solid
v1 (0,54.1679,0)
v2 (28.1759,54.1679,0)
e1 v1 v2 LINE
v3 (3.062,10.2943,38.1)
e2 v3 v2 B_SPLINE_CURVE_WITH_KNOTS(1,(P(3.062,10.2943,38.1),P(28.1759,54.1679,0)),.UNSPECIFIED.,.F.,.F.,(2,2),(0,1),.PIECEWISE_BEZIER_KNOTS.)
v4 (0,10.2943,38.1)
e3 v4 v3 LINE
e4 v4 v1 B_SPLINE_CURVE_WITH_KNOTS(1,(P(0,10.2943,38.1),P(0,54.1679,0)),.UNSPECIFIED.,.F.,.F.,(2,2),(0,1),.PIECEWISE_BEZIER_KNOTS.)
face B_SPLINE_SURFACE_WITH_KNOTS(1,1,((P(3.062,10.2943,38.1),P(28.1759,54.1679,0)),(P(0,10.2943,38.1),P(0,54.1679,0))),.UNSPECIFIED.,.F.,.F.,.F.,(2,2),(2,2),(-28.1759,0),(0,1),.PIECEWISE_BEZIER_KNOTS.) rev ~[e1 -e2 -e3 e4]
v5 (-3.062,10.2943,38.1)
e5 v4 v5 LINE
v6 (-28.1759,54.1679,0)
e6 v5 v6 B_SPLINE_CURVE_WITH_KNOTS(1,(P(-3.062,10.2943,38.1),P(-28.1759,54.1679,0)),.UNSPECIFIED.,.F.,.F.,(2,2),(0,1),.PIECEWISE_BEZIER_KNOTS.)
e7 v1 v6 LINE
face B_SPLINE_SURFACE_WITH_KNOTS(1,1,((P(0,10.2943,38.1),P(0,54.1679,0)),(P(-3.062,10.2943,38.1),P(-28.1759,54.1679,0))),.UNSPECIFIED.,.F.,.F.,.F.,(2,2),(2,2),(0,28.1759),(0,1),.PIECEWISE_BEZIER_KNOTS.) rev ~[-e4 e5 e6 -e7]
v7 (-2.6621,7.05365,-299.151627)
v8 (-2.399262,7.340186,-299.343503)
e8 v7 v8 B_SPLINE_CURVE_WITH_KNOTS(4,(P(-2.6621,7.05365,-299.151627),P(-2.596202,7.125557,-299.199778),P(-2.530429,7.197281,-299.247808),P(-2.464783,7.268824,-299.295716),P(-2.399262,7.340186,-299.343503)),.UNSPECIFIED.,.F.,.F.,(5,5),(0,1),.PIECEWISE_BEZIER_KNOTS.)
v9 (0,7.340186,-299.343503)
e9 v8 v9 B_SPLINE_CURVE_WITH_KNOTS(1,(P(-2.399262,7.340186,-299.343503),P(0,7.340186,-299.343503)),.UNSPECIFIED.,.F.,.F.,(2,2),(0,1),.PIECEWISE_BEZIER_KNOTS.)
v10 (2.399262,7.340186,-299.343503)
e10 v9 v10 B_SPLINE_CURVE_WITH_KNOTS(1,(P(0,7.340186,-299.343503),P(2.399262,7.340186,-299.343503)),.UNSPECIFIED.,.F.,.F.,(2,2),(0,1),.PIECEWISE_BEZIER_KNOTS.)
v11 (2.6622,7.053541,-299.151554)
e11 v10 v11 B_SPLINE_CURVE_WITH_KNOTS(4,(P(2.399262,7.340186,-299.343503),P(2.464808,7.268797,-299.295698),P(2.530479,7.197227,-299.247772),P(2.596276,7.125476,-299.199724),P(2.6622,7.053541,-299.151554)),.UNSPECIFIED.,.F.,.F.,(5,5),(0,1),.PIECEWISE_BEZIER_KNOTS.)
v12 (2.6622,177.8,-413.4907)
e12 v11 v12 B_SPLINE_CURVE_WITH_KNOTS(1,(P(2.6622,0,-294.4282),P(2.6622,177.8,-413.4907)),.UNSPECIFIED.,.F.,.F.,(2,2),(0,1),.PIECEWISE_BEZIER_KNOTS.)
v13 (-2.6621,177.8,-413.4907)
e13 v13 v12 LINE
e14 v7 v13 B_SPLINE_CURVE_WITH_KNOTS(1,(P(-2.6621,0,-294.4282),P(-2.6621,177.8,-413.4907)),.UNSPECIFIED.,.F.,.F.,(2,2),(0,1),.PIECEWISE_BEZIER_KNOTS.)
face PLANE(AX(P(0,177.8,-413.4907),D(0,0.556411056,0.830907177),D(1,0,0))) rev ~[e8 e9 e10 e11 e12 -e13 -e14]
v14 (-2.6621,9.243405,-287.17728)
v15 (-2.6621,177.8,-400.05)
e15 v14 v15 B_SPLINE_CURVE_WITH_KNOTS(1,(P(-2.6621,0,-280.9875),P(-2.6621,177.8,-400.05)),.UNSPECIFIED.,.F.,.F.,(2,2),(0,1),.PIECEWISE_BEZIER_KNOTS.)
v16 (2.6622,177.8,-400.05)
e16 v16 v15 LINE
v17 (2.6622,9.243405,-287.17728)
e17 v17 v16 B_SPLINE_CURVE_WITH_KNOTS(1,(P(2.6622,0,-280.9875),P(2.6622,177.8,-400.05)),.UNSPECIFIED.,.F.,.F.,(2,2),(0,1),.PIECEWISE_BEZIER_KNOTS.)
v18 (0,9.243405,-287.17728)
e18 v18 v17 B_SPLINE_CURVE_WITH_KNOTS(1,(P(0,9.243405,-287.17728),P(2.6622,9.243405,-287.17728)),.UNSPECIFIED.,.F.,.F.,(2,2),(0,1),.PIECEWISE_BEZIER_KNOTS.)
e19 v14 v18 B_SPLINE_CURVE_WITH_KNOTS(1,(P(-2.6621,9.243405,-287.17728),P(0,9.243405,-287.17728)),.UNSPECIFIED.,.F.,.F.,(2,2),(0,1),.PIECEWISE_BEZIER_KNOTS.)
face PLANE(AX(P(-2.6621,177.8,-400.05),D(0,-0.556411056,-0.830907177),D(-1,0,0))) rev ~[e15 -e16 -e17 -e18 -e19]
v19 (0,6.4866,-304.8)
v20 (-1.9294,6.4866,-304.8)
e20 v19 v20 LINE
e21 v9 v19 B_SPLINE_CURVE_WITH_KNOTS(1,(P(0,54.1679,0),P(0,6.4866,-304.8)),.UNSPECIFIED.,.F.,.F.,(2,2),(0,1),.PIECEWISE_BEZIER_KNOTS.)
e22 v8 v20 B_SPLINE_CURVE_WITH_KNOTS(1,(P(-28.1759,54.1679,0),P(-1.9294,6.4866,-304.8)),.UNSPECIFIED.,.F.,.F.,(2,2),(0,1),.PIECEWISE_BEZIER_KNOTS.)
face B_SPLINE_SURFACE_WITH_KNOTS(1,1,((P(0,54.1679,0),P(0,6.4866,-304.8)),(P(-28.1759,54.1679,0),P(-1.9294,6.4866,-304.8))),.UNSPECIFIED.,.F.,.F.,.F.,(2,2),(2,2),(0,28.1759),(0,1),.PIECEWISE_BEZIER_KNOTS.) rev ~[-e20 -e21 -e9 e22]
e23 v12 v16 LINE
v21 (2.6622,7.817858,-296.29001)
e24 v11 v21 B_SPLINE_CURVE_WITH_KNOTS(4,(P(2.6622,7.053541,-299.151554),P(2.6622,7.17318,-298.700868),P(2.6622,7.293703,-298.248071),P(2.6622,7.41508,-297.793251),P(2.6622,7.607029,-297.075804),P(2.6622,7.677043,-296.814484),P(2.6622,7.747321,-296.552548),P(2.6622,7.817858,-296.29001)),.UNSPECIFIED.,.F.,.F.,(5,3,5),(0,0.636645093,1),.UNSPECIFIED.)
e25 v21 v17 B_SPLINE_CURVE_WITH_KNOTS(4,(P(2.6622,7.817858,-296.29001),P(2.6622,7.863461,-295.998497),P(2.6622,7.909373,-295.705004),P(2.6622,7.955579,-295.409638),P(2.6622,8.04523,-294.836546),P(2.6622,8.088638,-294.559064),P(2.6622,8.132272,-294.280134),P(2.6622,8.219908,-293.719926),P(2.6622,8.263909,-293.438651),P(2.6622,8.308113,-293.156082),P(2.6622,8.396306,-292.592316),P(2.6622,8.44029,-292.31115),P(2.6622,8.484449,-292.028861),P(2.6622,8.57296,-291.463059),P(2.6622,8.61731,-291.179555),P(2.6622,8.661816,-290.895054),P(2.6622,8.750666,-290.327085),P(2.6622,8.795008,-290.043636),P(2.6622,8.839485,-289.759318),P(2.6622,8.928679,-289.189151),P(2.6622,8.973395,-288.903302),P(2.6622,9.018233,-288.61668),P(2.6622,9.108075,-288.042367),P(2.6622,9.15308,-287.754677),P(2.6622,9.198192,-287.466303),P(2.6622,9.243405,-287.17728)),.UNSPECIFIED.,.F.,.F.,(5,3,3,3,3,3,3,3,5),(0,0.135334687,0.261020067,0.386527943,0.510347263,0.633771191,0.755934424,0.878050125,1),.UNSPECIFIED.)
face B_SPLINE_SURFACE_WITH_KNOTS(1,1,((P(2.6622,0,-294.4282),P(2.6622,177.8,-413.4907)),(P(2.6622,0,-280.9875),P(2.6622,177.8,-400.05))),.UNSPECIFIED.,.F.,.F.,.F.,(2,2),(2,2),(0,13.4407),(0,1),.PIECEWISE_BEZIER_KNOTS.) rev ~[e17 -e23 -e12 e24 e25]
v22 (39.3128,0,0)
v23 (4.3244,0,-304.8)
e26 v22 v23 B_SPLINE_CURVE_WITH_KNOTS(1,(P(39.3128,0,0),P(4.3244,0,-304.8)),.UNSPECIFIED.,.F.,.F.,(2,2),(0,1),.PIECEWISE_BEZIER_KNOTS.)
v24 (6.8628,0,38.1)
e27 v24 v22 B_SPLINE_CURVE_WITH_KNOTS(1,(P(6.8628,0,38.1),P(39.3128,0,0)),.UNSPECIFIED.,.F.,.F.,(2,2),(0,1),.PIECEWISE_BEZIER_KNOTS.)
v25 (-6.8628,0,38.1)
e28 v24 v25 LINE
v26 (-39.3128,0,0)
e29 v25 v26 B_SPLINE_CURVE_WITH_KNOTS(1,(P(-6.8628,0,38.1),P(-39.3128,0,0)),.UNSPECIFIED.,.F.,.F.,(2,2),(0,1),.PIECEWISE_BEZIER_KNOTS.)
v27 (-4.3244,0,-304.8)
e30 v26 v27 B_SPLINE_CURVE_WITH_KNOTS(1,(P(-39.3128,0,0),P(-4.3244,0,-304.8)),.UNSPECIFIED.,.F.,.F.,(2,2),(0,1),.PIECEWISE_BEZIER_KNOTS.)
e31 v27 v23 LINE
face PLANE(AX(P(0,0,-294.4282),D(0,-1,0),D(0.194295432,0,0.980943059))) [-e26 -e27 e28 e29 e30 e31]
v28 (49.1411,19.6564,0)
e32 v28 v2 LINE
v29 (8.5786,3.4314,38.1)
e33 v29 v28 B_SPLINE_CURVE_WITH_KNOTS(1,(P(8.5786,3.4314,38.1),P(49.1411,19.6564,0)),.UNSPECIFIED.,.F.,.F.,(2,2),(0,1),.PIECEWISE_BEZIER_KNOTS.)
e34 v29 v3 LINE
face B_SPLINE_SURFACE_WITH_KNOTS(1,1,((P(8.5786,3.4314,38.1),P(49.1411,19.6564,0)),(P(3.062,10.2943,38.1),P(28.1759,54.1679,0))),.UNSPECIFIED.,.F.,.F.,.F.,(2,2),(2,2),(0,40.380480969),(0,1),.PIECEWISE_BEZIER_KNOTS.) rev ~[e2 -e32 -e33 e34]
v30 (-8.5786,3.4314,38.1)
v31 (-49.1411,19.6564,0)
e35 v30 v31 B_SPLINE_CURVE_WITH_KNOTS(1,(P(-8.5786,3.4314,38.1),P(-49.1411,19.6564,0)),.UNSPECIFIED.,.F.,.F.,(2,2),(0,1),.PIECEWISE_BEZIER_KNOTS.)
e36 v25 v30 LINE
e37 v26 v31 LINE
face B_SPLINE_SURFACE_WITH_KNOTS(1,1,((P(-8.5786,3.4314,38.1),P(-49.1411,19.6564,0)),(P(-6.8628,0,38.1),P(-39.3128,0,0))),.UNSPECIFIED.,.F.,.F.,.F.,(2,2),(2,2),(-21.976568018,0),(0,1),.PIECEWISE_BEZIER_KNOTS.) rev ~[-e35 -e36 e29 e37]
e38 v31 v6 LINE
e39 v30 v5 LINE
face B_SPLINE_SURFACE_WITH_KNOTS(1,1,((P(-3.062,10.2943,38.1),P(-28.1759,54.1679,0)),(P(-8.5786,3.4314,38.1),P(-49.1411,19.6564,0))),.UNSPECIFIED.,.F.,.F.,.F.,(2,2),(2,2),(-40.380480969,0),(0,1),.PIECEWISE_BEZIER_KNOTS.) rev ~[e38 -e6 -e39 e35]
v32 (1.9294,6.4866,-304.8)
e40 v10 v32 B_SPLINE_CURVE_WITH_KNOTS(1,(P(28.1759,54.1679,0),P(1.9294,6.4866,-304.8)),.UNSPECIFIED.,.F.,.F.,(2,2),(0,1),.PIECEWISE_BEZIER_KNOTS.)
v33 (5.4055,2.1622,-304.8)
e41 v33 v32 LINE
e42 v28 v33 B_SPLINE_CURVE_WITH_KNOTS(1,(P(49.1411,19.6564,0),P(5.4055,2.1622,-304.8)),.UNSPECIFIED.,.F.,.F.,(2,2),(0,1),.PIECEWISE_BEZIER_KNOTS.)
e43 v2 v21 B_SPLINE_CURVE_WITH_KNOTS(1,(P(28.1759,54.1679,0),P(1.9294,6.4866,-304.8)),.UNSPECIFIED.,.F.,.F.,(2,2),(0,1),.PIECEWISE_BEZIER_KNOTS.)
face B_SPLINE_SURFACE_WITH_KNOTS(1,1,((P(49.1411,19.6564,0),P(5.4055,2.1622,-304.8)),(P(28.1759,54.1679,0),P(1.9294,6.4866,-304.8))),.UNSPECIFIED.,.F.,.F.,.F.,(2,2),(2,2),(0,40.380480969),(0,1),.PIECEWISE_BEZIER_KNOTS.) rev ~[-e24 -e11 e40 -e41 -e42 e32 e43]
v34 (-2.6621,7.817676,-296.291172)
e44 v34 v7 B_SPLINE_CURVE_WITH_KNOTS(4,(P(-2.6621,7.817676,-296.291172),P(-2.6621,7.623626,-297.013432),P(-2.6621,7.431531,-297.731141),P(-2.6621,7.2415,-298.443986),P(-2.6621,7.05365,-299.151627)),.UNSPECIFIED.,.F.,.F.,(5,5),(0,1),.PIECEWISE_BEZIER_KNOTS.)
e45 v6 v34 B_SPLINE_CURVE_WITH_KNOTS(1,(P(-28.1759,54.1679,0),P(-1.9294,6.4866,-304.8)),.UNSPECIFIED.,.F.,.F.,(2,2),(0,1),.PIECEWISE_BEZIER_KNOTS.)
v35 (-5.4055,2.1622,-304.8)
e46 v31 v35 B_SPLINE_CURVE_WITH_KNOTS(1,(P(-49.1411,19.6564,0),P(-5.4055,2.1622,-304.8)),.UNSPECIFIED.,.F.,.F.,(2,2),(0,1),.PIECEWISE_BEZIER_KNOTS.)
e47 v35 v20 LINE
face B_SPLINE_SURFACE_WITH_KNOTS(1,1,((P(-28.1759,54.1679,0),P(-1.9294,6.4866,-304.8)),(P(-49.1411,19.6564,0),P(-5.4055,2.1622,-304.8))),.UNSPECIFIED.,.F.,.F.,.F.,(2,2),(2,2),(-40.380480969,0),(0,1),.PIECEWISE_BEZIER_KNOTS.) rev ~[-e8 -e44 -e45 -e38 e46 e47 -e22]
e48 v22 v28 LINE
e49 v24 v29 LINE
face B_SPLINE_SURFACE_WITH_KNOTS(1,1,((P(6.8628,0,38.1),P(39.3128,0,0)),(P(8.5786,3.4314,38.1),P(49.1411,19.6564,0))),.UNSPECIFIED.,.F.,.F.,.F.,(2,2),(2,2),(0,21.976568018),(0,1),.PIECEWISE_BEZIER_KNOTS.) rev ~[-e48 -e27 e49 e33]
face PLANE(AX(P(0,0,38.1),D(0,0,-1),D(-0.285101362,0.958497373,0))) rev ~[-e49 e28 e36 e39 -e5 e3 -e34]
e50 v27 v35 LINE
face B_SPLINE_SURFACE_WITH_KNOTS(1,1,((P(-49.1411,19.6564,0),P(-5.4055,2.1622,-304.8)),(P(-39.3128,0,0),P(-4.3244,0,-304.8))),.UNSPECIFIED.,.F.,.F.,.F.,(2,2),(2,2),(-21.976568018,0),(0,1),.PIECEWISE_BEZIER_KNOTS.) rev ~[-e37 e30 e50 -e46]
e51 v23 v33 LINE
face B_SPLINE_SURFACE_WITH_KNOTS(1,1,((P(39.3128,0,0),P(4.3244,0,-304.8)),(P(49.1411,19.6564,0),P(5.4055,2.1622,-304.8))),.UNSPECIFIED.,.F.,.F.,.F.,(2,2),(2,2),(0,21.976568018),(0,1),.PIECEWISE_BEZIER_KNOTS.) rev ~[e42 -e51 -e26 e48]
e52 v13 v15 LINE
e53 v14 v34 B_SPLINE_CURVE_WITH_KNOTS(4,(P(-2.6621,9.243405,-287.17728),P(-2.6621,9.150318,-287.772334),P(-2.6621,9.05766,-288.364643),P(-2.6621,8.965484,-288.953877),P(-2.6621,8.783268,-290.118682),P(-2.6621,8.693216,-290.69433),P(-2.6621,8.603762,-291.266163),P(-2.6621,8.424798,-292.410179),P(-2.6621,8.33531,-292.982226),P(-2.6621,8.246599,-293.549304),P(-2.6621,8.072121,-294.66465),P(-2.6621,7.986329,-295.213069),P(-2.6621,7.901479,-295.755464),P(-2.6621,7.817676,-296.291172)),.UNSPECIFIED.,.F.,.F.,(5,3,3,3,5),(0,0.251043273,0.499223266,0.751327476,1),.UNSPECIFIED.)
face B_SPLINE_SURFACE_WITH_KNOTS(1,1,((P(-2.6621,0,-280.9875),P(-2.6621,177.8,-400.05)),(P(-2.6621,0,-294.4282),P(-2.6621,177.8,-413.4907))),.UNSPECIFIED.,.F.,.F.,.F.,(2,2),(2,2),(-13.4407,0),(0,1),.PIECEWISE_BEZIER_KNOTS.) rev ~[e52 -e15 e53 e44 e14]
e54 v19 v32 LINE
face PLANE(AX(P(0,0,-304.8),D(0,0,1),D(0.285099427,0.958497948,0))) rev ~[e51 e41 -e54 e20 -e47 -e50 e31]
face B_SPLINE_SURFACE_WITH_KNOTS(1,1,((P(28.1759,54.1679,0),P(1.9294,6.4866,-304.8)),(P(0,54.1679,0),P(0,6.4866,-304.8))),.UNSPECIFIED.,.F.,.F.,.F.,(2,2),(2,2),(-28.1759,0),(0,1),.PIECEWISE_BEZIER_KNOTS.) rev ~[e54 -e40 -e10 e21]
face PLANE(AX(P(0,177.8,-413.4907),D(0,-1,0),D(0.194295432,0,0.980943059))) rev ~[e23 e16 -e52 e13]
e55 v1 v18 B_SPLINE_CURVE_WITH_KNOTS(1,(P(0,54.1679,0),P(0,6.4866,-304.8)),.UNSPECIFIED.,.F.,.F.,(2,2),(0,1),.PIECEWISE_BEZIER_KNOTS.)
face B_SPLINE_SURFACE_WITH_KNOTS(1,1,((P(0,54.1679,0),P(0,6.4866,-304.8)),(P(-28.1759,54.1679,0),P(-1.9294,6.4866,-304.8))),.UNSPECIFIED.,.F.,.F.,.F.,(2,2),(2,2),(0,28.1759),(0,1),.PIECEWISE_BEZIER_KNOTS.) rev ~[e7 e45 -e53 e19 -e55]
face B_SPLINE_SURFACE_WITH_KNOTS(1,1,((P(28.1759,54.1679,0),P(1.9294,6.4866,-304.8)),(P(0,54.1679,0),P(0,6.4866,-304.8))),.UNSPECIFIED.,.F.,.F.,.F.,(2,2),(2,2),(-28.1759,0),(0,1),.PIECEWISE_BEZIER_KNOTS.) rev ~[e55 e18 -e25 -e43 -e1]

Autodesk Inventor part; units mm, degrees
ref_plane "YZ Plane" through (0, 0, 0) normal (1, 0, 0) x (0, 1, 0)
ref_plane "XZ Plane" through (0, 0, 0) normal (0, 1, 0) x (-1, 0, 0)
sketch "Sketch1" plane through (0, 0, 0) normal (0, 0, 1) x (1, 0, 0)
  line L0 (0, 0) -> (39.3128, 0)
  line L1 (39.3128, 0) -> (49.1411, 19.6564)
  line L2 (49.1411, 19.6564) -> (28.1759, 54.1679)
  line L3 (0, 54.1679) -> (28.1759, 54.1679)
  line L4 (0, 54.1679) -> (0, 0) construction
  line L5 (0, 0) -> (-39.3128, 0)
  line L6 (-39.3128, 0) -> (-49.1411, 19.6564)
  line L7 (-49.1411, 19.6564) -> (-28.1759, 54.1679)
  line L8 (0, 54.1679) -> (-28.1759, 54.1679)
ref_plane "Work Plane1" through (0, 0, -304.8) normal (0, 0, 1) x (1, 0, 0)
sketch "Sketch2" plane through (0, 0, -304.8) normal (0, 0, 1) x (1, 0, 0)
  line L0 (0, 0) -> (4.3244, 0)
  line L1 (4.3244, 0) -> (5.4055, 2.1622)
  line L2 (5.4055, 2.1622) -> (1.9294, 6.4866)
  line L3 (0, 6.4866) -> (1.9294, 6.4866)
  line L4 (0, 6.4866) -> (0, 0) construction
  line L5 (0, 0) -> (-4.3244, 0)
  line L6 (-4.3244, 0) -> (-5.4055, 2.1622)
  line L7 (-5.4055, 2.1622) -> (-1.9294, 6.4866)
  line L8 (0, 6.4866) -> (-1.9294, 6.4866)
ref_plane "Work Plane2" through (0, 0, 38.1) normal (0, 0, 1) x (1, 0, 0)
sketch "Sketch3" plane through (0, 0, 38.1) normal (0, 0, 1) x (1, 0, 0)
  line L0 (0, 0) -> (6.8628, 0)
  line L1 (6.8628, 0) -> (8.5786, 3.4314)
  line L2 (8.5786, 3.4314) -> (3.062, 10.2943)
  line L3 (0, 10.2943) -> (3.062, 10.2943)
  line L4 (0, 10.2943) -> (0, 0) construction
  line L5 (0, 0) -> (-6.8628, 0)
  line L6 (-6.8628, 0) -> (-8.5786, 3.4314)
  line L7 (-8.5786, 3.4314) -> (-3.062, 10.2943)
  line L8 (0, 10.2943) -> (-3.062, 10.2943)
loft "Loft1" add profiles "Sketch3", "Sketch1"
loft "Loft2" add profiles "Sketch1", "Sketch2"
sketch "Sketch4" plane through (-6.8628, 0, 38.1) normal (0, -1, 0) x (1, 0, 0)
  line L0 (11.1873, -342.9) -> (2.5384, -342.9) construction
  line L1 (6.8628, -342.9) -> (6.8628, 0) construction
  line L2 (6.8628, -332.5282) -> (9.525, -332.5282)
  line L3 (9.525, -332.5282) -> (9.525, -319.0875)
  line L4 (9.525, -319.0875) -> (6.8628, -319.0875)
  line L5 (6.8628, -332.5282) -> (4.2007, -332.5282)
  line L6 (4.2007, -332.5282) -> (4.2007, -319.0875)
  line L7 (4.2007, -319.0875) -> (6.8628, -319.0875)
  point P0 (6.8628, -38.1)
ref_plane "Work Plane3" through (-6.8628, 177.8, 38.1) normal (0, -1, 0) x (1, 0, 0)
sketch "Sketch5" plane through (-6.8628, 177.8, 38.1) normal (0, -1, 0) x (1, 0, 0)
  line L0 (6.8628, -451.5907) -> (9.525, -451.5907)
  line L1 (9.525, -451.5907) -> (9.525, -438.15)
  line L2 (9.525, -438.15) -> (6.8628, -438.15)
  line L3 (6.8628, -451.5907) -> (4.2007, -451.5907)
  line L4 (4.2007, -451.5907) -> (4.2007, -438.15)
  line L5 (4.2007, -438.15) -> (6.8628, -438.15)
  line L6 (9.9248, 0) -> (3.8008, 0) construction
  line L7 (6.8628, 0) -> (6.8628, -342.9) construction
  point P0 (6.8628, -38.1)
loft "Loft3" add profiles "Sketch4", "Sketch5"
properties part number "Buggy 2"
